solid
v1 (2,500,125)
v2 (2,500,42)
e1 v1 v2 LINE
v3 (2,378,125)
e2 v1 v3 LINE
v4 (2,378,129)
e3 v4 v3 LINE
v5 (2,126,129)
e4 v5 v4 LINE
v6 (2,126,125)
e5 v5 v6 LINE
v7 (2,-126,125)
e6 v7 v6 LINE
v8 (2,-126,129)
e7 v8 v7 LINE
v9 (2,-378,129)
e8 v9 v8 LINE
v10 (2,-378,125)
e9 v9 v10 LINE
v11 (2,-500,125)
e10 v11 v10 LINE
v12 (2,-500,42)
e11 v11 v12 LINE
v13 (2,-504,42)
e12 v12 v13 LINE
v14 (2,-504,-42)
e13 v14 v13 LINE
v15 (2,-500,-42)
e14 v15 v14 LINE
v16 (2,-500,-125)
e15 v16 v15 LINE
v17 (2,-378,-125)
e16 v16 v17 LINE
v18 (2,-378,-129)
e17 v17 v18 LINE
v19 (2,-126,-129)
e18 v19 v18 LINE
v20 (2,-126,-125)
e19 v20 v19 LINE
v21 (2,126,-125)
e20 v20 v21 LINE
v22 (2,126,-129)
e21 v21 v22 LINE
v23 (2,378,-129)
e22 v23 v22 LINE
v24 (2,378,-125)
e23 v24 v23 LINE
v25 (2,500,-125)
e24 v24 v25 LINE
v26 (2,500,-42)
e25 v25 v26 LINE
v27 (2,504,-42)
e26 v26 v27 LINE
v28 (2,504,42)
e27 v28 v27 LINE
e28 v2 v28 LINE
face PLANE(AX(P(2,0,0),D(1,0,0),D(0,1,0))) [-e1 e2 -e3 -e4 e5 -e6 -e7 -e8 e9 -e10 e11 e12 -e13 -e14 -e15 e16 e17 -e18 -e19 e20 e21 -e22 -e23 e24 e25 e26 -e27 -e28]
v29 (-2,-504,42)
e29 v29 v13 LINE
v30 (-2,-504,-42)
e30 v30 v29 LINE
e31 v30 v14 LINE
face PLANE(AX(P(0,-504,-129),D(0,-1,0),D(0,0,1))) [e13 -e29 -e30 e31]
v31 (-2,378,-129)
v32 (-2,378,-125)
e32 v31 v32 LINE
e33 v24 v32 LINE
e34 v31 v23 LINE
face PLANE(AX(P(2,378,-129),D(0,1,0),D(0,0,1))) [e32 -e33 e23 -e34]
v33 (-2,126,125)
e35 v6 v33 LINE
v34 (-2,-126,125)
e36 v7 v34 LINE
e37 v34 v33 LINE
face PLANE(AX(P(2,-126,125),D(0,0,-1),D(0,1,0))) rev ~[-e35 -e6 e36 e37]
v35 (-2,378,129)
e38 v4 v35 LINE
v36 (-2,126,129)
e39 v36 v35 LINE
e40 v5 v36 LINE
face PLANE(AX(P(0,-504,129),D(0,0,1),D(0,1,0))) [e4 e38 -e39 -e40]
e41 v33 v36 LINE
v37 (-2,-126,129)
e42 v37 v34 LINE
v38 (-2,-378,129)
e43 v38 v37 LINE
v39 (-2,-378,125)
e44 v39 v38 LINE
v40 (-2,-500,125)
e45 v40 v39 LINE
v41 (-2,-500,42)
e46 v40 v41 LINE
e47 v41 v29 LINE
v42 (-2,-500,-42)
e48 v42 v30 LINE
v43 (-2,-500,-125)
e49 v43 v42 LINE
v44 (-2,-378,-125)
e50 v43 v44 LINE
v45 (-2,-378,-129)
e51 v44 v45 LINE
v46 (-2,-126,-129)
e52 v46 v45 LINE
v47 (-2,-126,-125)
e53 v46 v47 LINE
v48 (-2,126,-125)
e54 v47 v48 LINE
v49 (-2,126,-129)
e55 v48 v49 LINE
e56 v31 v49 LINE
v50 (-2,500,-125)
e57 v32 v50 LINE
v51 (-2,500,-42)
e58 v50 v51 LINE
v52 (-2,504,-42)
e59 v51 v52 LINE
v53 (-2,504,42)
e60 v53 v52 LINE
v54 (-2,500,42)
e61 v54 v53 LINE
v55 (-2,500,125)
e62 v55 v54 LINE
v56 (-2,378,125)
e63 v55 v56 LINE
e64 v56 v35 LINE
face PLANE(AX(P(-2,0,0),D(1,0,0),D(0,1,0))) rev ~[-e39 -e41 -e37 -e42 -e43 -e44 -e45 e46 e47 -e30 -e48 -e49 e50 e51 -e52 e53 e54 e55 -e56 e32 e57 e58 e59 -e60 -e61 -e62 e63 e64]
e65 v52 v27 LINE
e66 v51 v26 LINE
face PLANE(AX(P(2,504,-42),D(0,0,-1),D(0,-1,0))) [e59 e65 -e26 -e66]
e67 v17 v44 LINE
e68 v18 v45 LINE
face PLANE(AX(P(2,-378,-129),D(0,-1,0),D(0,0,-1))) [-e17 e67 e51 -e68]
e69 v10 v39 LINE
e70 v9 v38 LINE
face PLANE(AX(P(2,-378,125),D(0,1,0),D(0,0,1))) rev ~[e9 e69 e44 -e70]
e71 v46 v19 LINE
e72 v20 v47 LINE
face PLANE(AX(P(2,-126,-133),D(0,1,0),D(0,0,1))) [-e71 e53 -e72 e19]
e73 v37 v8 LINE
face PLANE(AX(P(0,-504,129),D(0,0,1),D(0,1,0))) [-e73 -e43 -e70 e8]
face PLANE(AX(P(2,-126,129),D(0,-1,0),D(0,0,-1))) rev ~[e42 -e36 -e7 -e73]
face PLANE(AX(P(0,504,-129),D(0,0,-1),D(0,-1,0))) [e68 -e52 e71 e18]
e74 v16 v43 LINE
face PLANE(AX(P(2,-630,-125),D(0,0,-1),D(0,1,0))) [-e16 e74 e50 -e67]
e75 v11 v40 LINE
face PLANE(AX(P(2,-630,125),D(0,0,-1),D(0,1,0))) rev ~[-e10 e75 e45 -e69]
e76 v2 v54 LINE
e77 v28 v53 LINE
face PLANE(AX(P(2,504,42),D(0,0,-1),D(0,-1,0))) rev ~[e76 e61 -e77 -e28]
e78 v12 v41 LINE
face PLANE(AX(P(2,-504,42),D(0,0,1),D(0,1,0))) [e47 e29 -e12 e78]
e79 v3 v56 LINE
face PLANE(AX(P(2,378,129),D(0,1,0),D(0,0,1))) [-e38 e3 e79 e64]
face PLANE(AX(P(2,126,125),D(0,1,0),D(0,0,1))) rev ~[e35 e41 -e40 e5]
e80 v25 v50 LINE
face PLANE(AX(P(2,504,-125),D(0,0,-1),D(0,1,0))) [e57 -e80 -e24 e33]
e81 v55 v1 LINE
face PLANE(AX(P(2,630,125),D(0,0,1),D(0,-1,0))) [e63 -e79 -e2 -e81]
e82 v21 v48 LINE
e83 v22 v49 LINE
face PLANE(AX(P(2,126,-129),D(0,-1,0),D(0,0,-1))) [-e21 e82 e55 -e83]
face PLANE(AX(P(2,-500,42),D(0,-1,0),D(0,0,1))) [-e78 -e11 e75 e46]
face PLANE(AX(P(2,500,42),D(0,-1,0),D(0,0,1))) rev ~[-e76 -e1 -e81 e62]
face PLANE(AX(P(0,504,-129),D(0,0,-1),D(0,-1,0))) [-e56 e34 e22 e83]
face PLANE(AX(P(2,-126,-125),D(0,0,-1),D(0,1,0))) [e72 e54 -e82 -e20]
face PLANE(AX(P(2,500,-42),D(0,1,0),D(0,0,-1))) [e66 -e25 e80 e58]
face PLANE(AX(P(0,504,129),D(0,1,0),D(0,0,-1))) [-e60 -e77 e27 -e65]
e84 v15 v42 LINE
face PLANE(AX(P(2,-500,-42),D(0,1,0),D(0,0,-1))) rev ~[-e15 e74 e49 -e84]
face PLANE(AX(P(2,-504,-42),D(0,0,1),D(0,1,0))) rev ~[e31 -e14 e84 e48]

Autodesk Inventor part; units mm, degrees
ref_plane "YZ Plane" through (0, 0, 0) normal (1, 0, 0) x (0, 1, 0)
ref_plane "XZ Plane" through (0, 0, 0) normal (0, 1, 0) x (-1, 0, 0)
ref_plane "XY Plane" through (0, 0, 0) normal (0, 0, 1) x (1, 0, 0)
sketch "Esboço1" plane through (0, 0, 0) normal (1, 0, 0) x (0, 1, 0)
  line L0 (-504, 129) -> (504, 129)
  line L1 (504, 129) -> (504, -129)
  line L2 (504, -129) -> (-504, -129)
  line L3 (-504, -129) -> (-504, 129)
  line L4 (-504, 129) -> (504, -129) construction
  line L5 (504, 129) -> (-504, -129) construction
  point P0 (0, 0)
  dimension "d0" = 1008
  dimension "d1" = 258
extrude "Extrusão1" add sketch "Esboço1" along normal mid plane 4
sketch "Esboço3" plane through (2, 0, 0) normal (1, 0, 0) x (0, 0, -1)
  line L0 (-133, 630) -> (-125, 630)
  line L1 (-125, 630) -> (-125, 378)
  line L2 (-125, 378) -> (-133, 378)
  line L3 (-133, 378) -> (-133, 630)
  line L4 (129, 504) -> (-129, 504) projected
  line L5 (-133, 630) -> (-125, 378) construction
  line L6 (-125, 630) -> (-133, 378) construction
  line L7 (-125, 126) -> (-133, 126)
  line L8 (-133, 126) -> (-133, -126)
  line L9 (-133, -126) -> (-125, -126)
  line L10 (-125, -126) -> (-125, 126)
  line L11 (-129, 504) -> (-129, -504) projected
  line L12 (-125, 126) -> (-133, -126) construction
  line L13 (-133, 126) -> (-125, -126) construction
  line L14 (-125, -378) -> (-133, -378)
  line L15 (-133, -378) -> (-133, -630)
  line L16 (-133, -630) -> (-125, -630)
  line L17 (-125, -630) -> (-125, -378)
  line L18 (-125, -378) -> (-133, -630) construction
  line L19 (-133, -378) -> (-125, -630) construction
  line L20 (125, 630) -> (133, 630)
  line L21 (133, 630) -> (133, 378)
  line L22 (133, 378) -> (125, 378)
  line L23 (125, 378) -> (125, 630)
  line L24 (125, 630) -> (133, 378) construction
  line L25 (133, 630) -> (125, 378) construction
  line L26 (125, 126) -> (133, 126)
  line L27 (133, 126) -> (133, -126)
  line L28 (133, -126) -> (125, -126)
  line L29 (125, -126) -> (125, 126)
  line L30 (129, -504) -> (129, 504) projected
  line L31 (125, 126) -> (133, -126) construction
  line L32 (133, 126) -> (125, -126) construction
  line L33 (125, -378) -> (133, -378)
  line L34 (133, -378) -> (133, -630)
  line L35 (133, -630) -> (125, -630)
  line L36 (125, -630) -> (125, -378)
  line L37 (125, -378) -> (133, -630) construction
  line L38 (133, -378) -> (125, -630) construction
  point P0 (0, 0)
  point P1 (-129, 0)
  point P2 (-129, -504)
  point P3 (129, 0)
  dimension "d8" = 8
  dimension "d9" = 252
  dimension "d10" = 252
  dimension "d11" = 252
  dimension "d12" = 8
  dimension "d13" = 252
  dimension "d14" = 8
  dimension "d15" = 252
  dimension "d16" = 8
  dimension "d17" = 252
  dimension "d18" = 252
  dimension "d19" = 8
  dimension "d20" = 252
  dimension "d21" = 252
  dimension "d22" = 8
  dimension "d23" = 252
extrude "Extrusão3" cut sketch "Esboço3" along normal through all both and the other way through all
sketch "Esboço4" plane through (2, 0, 0) normal (1, 0, 0) x (0, 0, -1)
  line L0 (-125, 504) -> (125, 504) projected
  line L1 (-125, 504) -> (-42, 504)
  line L2 (-42, 504) -> (-42, 500)
  line L3 (-42, 500) -> (-125, 500)
  line L4 (-125, 500) -> (-125, 504)
  line L5 (125, 504) -> (42, 504)
  line L6 (42, 504) -> (42, 500)
  line L7 (42, 500) -> (125, 500)
  line L8 (125, 500) -> (125, 504)
  line L9 (-125, -504) -> (125, -504) projected
  line L10 (-125, -504) -> (-42, -504)
  line L11 (-42, -504) -> (-42, -500)
  line L12 (-42, -500) -> (-125, -500)
  line L13 (-125, -500) -> (-125, -504)
  line L14 (125, -504) -> (42, -504)
  line L15 (42, -504) -> (42, -500)
  line L16 (42, -500) -> (125, -500)
  line L17 (125, -500) -> (125, -504)
  point P0 (0, 0)
  dimension "d26" = 83
  dimension "d27" = 4
  dimension "d28" = 83
  dimension "d29" = 4
  dimension "d30" = 84
  dimension "d31" = 83
  dimension "d32" = 4
  dimension "d33" = 83
  dimension "d34" = 4
  dimension "d35" = 84
extrude "Extrusão4" cut sketch "Esboço4" along normal through all both and the other way through all
sketch "Esboço6" plane through (2, 0, 0) normal (1, 0, 0) x (0, 0, -1)
  point P0 (0, 0)
properties part number "PAREDES LATERAIS"
